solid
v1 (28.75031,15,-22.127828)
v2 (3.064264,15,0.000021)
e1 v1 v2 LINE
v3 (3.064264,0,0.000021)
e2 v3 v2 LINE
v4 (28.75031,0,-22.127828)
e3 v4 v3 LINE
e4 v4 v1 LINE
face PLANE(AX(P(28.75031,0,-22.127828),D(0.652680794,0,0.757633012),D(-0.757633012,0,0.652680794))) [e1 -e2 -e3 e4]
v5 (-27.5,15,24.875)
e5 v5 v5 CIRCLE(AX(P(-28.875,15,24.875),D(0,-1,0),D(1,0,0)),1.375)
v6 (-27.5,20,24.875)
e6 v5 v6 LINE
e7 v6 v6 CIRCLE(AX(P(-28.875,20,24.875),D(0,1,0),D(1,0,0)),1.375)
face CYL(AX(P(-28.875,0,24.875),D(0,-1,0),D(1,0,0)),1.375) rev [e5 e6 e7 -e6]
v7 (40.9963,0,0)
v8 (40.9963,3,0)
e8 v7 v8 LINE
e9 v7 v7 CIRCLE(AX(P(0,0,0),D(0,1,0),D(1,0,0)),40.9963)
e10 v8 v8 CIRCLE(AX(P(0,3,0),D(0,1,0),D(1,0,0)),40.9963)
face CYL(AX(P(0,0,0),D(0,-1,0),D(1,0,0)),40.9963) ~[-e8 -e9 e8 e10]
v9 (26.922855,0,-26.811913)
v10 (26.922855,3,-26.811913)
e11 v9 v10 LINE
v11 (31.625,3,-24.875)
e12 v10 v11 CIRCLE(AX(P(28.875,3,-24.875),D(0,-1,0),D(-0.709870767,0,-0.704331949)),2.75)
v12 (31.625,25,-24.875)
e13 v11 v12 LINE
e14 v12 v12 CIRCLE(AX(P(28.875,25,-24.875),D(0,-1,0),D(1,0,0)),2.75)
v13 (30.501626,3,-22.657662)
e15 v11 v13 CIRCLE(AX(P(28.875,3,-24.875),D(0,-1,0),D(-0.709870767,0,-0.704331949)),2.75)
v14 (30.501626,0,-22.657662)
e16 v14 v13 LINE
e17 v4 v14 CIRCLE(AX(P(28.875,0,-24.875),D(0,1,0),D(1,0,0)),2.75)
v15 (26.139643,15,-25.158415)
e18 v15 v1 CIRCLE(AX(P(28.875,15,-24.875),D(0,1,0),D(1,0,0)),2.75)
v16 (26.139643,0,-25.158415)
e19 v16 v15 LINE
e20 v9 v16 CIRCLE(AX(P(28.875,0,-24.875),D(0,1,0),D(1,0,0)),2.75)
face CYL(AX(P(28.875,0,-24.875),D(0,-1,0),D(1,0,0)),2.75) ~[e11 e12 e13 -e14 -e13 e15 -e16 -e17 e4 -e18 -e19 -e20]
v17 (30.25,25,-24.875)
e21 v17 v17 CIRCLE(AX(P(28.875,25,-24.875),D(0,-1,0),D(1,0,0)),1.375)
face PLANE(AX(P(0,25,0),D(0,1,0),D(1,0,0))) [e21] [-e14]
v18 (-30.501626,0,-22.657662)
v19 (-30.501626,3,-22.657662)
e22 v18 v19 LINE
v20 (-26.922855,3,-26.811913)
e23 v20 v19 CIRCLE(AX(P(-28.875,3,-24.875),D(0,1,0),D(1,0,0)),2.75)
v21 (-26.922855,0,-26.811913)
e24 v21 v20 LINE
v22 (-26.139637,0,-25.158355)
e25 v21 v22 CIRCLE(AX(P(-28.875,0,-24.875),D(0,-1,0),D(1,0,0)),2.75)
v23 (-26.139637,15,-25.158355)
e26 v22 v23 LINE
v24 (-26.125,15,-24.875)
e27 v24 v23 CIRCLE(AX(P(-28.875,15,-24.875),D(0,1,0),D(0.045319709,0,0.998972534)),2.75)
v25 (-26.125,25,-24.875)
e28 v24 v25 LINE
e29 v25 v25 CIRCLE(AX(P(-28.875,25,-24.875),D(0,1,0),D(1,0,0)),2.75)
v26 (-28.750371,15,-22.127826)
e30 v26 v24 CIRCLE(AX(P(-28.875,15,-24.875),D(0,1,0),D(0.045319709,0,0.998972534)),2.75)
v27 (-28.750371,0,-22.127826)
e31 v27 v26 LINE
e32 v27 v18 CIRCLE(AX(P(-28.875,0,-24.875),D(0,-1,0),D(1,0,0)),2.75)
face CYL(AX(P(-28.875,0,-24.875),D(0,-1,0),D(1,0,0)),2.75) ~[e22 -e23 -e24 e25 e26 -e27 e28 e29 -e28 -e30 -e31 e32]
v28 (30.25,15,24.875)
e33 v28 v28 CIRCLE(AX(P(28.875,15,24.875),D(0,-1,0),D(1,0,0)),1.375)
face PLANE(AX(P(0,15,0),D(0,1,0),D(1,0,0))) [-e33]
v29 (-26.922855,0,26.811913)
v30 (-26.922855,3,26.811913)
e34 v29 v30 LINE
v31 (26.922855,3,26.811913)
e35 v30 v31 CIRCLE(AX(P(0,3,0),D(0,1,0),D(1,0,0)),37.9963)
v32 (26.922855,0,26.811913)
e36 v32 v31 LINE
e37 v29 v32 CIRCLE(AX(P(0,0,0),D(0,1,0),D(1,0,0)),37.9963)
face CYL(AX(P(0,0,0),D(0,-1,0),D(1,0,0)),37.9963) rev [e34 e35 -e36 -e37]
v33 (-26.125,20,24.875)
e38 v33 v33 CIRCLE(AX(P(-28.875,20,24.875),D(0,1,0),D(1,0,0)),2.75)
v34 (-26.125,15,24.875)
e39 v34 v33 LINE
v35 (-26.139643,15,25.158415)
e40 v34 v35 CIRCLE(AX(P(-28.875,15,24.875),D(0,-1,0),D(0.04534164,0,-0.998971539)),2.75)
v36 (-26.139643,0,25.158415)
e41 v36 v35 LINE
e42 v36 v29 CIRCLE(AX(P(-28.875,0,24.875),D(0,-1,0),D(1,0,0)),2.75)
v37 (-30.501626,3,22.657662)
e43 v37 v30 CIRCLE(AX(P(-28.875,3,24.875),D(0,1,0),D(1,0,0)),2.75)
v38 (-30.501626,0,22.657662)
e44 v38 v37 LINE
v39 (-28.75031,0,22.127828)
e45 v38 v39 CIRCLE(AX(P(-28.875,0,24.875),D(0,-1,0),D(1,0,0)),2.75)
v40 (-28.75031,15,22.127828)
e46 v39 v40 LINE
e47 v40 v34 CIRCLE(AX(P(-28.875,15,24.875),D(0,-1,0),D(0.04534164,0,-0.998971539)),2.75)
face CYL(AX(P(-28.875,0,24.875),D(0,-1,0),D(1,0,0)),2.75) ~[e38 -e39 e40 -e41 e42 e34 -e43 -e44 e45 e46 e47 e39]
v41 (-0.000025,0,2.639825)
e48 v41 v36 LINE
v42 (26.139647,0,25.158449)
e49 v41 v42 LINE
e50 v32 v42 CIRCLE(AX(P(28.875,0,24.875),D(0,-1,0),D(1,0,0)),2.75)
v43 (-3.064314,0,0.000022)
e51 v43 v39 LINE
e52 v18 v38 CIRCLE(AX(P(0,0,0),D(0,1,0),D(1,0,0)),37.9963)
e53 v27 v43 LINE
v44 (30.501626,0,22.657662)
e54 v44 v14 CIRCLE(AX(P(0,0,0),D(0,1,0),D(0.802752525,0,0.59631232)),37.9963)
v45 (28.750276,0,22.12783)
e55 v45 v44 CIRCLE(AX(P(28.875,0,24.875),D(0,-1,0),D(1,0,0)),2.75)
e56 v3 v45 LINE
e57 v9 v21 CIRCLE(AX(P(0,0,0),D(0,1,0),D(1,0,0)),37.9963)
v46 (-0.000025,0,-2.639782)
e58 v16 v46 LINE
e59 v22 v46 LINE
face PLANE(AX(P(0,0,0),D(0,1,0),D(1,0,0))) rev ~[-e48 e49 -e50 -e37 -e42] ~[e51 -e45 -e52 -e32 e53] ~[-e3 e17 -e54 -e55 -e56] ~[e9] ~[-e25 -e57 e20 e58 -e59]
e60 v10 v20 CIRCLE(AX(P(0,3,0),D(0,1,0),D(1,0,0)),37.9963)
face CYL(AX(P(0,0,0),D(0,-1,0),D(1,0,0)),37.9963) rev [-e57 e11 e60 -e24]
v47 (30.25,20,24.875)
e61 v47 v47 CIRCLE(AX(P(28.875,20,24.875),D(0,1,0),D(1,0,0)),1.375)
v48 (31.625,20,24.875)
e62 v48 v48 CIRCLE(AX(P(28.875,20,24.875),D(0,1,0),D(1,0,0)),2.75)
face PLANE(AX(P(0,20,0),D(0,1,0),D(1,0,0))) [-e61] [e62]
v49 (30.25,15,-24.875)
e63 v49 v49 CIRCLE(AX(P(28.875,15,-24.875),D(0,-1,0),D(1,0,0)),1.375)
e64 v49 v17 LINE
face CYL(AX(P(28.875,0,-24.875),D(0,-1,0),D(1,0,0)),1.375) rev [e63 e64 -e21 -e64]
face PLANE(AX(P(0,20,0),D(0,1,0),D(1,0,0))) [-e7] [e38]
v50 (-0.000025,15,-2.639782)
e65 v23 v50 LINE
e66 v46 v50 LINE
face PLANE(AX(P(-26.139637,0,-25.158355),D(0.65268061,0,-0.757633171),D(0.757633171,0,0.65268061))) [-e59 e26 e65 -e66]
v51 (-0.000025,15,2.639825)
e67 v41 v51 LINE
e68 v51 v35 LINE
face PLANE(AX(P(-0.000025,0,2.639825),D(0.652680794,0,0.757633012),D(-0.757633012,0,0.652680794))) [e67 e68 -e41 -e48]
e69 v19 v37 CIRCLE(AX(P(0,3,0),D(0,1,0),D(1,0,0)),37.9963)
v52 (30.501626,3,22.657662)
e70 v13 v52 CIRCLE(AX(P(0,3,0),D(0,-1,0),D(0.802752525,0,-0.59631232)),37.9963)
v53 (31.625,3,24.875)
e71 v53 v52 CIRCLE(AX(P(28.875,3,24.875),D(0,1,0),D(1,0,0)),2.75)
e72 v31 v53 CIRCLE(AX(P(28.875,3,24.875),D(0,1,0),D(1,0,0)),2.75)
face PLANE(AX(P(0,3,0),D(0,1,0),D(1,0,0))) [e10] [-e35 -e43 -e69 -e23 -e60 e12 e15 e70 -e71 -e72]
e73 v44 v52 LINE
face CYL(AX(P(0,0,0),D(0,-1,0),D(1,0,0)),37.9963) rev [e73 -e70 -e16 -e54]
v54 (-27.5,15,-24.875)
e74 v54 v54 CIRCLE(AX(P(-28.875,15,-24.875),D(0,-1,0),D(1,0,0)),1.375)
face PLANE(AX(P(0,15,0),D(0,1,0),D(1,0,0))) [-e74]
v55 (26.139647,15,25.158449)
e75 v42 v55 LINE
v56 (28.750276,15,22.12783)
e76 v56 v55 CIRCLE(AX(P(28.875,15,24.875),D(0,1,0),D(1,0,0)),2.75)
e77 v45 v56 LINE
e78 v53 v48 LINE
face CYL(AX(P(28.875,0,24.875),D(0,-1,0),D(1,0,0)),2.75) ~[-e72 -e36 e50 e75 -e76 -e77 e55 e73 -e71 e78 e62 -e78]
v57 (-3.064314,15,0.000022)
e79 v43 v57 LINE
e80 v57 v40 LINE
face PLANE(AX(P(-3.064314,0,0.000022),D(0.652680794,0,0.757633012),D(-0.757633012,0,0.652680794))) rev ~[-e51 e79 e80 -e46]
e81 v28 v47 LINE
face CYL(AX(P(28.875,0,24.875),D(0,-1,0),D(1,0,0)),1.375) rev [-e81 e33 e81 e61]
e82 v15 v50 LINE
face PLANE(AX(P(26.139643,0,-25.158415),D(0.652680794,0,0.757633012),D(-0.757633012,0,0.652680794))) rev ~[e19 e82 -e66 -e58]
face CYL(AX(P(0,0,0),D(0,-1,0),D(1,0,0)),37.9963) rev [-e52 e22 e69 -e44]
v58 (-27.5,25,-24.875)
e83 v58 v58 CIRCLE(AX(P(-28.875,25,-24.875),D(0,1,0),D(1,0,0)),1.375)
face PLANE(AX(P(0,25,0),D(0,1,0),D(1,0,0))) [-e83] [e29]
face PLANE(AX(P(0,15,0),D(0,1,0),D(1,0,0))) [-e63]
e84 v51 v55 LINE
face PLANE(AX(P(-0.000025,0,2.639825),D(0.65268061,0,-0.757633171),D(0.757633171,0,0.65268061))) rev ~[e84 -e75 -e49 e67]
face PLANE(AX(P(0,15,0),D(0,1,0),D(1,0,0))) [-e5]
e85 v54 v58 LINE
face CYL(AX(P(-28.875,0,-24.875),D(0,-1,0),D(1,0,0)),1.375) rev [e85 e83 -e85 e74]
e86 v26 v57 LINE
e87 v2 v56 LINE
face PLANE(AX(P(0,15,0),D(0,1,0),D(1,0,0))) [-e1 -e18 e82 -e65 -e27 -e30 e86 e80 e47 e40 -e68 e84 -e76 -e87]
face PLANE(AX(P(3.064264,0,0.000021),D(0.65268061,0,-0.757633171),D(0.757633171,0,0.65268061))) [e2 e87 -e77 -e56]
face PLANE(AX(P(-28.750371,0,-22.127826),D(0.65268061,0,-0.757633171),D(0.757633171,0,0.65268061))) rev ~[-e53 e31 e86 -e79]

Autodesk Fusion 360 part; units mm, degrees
sketch "Sketch1" plane through (0, 0, 0) normal (0, 1, 0) x (1, 0, 0)
  circle A0 centre (0, 0) radius 44
  line L0 (28.875, 24.875) -> (-28.875, 24.875) construction
  line L1 (-28.875, 24.875) -> (-28.875, -24.875) construction
  line L2 (-28.875, -24.875) -> (28.875, -24.875) construction
  line L3 (28.875, -24.875) -> (28.875, 24.875) construction
  line L4 (28.875, 24.875) -> (-28.875, -24.875) construction
  line L5 (-28.875, 24.875) -> (28.875, -24.875) construction
  circle A1 centre (-28.875, 24.875) radius 1.375
  circle A2 centre (-28.875, 24.875) radius 2.75
  circle A3 centre (-28.875, -24.875) radius 1.375
  circle A4 centre (-28.875, -24.875) radius 2.75
  circle A5 centre (28.875, 24.875) radius 1.375
  circle A6 centre (28.875, 24.875) radius 2.75
  circle A7 centre (28.875, -24.875) radius 1.375
  circle A8 centre (28.875, -24.875) radius 2.75
  line L6 (-30.4443, 23.5871) -> (27.8036, -26.5919)
  line L7 (-27.8037, 26.5919) -> (30.4442, -23.5871)
  line L8 (27.8041, 26.5923) -> (-30.4447, -23.5875)
  line L9 (30.4447, 23.5875) -> (-27.8041, -26.5923)
  circle A9 centre (0, 0) radius 40.9963
  circle A10 centre (0, 0) radius 37.9963
  dimension "d1" = 88
  dimension "d2" = 57.75
  dimension "d3" = 49.75
  dimension "d4" = 2.75
  dimension "d5" = 5.5
  dimension "d6" = 2.75
  dimension "d7" = 5.5
  dimension "d8" = 2.75
  dimension "d9" = 5.5
  dimension "d10" = 2.75
  dimension "d11" = 5.5
  dimension "d26" = 2
  dimension "d27" = -2
  dimension "d28" = 2
  dimension "d29" = -2
  dimension "d30" = -3
extrude "Extrude7" add sketch "Sketch1" along normal blind 3 contours A9 makes body 1
extrude "Extrude8" add sketch "Sketch1" along normal blind 15 separate body contours A1 A10 | A1 A10 | A2 L6 L7 L8 | A6 L7 L8 L9 | L6 L7 L8 L9 | A4 L6 L8 L9 | A8 L6 L7 L9 | A5 A10 | A5 A10 | A3 A10 | A3 A10 | A7 A10 | A7 A10 makes body 2 at (-27.5068, 10, -25.0119) makes body 3 at (30.2432, 5, -24.7381) makes body 4 at (-29.6776, 10, 25.9914) makes body 5 at (9.9096, 0, 8.6263) makes body 6 at (30.2432, 5, 25.0119)
extrude "Extrude9" add sketch "Sketch1" along normal blind 20 contours A3 A4 A10 | A4 L8 A10 | A3 A4 L8 L9 A10 | A4 L9 A10 | A7 A8 L6 L7 A10 | A8 L7 A10 | A8 L6 A10 | A7 A8 A10 bodies 1 4 5 6
extrude "Extrude10" add sketch "Sketch1" along normal blind 25 contours A1 A2 L6 L7 A10 | A1 A2 A10 | A2 L7 A10 | A2 L6 A10 | A6 L8 A10 | A5 A6 A10 | A5 A6 L8 L9 A10 | A6 L9 A10 bodies 1 2 3
equation "d2 = 55 mm + 2.75 mm"
equation "d3 = 48 mm + 1.75 mm"
